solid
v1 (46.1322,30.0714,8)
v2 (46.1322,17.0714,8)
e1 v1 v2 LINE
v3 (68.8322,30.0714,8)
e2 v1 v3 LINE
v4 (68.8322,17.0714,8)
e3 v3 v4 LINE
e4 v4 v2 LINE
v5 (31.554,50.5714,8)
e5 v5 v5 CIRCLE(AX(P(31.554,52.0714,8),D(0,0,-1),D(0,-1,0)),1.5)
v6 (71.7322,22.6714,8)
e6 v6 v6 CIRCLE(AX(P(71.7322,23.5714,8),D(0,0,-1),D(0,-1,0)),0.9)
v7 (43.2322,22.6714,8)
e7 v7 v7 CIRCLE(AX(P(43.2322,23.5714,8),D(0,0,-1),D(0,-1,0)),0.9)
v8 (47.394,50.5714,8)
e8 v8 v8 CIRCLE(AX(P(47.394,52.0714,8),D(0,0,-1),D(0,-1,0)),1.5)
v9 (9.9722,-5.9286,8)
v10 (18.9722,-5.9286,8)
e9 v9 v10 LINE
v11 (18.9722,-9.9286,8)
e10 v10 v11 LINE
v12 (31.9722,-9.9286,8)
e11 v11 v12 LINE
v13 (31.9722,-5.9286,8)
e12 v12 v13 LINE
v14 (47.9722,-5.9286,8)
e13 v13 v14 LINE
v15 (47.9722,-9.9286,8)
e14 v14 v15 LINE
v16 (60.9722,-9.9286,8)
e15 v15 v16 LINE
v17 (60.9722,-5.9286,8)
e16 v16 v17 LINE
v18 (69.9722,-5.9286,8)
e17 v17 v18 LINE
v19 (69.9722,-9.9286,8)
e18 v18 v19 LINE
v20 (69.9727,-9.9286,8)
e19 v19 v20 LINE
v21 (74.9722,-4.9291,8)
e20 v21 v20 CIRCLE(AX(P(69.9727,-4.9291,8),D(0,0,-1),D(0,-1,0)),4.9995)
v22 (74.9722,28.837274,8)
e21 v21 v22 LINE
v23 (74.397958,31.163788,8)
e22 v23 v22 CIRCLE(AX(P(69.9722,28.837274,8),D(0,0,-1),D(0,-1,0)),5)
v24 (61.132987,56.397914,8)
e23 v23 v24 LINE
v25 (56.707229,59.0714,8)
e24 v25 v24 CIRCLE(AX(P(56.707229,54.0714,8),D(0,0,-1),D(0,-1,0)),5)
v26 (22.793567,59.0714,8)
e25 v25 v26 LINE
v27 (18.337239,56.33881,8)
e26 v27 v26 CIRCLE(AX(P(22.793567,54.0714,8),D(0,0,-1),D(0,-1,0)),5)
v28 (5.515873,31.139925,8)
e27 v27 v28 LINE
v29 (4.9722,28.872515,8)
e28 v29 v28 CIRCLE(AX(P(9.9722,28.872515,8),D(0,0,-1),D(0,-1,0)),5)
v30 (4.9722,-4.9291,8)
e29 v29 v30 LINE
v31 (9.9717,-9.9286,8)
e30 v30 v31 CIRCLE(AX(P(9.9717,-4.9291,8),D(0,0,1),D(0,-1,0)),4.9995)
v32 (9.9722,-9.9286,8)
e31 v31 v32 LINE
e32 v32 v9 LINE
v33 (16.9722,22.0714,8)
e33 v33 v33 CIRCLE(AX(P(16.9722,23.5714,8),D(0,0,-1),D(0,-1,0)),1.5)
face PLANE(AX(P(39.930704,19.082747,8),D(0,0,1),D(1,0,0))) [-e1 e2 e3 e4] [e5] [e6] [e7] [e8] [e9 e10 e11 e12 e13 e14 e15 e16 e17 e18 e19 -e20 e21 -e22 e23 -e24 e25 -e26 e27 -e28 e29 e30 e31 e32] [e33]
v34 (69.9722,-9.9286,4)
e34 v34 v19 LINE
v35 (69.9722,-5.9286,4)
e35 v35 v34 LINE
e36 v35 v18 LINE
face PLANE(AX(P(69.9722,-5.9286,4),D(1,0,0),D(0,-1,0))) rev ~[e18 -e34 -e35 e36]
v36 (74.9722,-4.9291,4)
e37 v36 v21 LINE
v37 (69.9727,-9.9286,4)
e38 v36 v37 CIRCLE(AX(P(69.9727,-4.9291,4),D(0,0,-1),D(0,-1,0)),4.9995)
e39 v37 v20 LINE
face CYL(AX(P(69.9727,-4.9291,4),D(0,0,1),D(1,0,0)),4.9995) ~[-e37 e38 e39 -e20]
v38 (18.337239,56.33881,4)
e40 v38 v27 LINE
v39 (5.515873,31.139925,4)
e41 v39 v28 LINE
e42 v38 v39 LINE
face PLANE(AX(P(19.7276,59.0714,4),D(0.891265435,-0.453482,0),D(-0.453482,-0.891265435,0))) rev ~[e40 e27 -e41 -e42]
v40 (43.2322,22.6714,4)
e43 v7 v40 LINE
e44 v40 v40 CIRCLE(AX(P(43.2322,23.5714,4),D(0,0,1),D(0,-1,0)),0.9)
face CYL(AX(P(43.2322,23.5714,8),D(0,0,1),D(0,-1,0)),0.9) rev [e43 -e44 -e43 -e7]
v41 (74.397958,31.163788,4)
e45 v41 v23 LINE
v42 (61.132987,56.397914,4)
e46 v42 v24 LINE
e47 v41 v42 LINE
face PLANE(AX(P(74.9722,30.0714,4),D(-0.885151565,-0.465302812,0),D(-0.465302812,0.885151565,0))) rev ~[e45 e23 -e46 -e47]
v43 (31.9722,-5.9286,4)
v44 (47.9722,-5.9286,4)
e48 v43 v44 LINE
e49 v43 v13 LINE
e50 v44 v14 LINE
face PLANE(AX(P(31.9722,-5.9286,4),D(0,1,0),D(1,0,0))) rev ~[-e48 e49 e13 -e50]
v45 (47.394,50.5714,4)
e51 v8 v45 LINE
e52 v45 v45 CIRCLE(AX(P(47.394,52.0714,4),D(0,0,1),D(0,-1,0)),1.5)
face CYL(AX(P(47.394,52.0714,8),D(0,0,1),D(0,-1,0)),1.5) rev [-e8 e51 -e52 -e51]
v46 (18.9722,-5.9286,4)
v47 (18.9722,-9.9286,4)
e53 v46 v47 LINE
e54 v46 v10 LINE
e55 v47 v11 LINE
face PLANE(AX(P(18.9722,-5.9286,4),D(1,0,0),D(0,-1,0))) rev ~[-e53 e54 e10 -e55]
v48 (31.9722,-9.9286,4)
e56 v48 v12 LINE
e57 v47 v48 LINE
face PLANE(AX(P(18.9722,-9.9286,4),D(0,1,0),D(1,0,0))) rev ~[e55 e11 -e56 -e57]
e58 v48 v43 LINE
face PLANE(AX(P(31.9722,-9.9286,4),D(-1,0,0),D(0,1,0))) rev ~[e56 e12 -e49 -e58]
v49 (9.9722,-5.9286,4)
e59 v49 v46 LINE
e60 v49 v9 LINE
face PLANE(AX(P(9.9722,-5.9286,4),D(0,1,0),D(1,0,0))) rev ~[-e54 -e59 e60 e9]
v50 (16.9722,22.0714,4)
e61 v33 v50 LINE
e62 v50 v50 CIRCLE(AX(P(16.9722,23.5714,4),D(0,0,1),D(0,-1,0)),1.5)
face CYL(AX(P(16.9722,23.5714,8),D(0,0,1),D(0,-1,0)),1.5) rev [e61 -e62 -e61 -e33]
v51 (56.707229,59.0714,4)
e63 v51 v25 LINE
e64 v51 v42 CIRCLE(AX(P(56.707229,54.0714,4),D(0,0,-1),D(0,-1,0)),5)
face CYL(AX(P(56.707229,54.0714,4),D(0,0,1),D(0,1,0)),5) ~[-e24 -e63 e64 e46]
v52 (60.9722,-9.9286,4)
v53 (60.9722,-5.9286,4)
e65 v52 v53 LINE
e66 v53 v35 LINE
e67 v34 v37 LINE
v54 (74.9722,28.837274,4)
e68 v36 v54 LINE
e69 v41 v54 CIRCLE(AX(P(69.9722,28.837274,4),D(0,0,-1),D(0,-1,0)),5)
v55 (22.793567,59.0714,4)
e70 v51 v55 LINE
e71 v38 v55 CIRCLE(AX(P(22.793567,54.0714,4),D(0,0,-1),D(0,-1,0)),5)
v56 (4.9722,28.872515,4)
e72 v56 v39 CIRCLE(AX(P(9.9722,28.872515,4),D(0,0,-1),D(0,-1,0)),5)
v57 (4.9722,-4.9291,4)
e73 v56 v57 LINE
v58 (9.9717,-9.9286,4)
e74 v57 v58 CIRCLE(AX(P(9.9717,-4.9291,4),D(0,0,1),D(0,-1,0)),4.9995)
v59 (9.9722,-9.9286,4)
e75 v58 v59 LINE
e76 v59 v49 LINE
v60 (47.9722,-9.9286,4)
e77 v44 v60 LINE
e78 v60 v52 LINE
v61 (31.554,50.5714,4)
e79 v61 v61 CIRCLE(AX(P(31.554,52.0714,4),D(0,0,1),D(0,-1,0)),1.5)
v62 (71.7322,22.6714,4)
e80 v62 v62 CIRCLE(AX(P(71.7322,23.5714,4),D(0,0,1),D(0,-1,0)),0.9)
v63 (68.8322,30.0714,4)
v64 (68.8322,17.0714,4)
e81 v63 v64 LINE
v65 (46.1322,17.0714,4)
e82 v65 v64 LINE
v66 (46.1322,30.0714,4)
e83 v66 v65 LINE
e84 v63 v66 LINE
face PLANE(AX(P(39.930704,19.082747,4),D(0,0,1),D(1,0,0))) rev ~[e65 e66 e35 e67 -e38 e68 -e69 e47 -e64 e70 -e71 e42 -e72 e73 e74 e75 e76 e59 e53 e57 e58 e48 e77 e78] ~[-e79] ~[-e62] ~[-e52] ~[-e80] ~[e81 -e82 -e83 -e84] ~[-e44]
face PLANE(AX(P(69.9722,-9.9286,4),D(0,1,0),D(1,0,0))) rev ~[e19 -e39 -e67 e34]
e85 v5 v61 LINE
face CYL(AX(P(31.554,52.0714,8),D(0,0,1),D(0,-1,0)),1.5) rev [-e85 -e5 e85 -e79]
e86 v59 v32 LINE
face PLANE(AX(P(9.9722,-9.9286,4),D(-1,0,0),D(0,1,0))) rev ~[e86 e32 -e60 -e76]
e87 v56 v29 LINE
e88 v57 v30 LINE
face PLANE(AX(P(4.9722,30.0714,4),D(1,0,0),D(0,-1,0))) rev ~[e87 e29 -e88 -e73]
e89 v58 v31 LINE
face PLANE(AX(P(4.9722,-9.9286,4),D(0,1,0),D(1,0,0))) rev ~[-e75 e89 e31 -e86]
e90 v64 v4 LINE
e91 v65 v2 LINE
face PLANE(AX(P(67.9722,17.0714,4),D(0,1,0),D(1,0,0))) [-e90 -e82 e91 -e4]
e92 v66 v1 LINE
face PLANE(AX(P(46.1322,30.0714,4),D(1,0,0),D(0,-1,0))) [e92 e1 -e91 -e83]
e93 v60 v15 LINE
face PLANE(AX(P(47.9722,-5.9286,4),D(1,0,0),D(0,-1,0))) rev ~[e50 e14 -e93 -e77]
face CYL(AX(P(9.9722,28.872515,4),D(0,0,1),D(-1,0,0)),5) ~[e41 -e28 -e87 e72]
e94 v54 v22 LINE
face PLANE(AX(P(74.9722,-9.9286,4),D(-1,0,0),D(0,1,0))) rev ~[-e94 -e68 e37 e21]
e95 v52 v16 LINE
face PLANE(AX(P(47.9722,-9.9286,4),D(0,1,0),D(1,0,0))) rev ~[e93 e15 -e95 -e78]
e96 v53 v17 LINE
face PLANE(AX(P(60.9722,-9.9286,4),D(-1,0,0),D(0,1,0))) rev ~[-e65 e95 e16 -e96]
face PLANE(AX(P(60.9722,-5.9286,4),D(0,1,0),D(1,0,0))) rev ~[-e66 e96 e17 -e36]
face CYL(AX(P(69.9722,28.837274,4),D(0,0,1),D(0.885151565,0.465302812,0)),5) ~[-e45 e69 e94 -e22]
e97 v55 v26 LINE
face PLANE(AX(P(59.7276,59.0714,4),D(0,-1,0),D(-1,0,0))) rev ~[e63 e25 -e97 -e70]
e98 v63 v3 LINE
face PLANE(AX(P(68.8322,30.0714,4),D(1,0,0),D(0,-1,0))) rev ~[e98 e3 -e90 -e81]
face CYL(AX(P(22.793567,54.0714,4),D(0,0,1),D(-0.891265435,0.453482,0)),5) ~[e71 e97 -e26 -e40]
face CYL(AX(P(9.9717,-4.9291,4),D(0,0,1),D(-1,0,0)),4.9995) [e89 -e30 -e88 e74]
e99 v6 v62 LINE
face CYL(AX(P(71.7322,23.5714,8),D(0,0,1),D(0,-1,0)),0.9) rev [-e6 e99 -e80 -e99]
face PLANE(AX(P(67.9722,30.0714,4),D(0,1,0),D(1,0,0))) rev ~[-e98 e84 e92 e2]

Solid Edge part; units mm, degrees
sketch "Sketch1" plane through (39.9722, 24.5714, 4) normal (0, 0, 1) x (1, 0, 0)
  line L0 (-35, 5.5) -> (-35, -34.5)
  line L1 (-35, -34.5) -> (-30, -34.5)
  line L2 (-30, -34.5) -> (-30, -30.5)
  line L3 (-30, -30.5) -> (-21, -30.5)
  line L4 (-21, -30.5) -> (-21, -34.5)
  line L5 (-21, -34.5) -> (-8, -34.5)
  line L6 (-8, -34.5) -> (-8, -30.5)
  line L7 (-8, -30.5) -> (8, -30.5)
  line L8 (8, -30.5) -> (8, -34.5)
  line L9 (8, -34.5) -> (21, -34.5)
  line L10 (21, -34.5) -> (21, -30.5)
  line L11 (21, -30.5) -> (30, -30.5)
  line L12 (30, -30.5) -> (30, -34.5)
  line L13 (30, -34.5) -> (35, -34.5)
  line L14 (35, -34.5) -> (35, 5.5)
  line L15 (35, 5.5) -> (19.7554, 34.5)
  line L16 (19.7554, 34.5) -> (-20.2446, 34.5)
  line L17 (-20.2446, 34.5) -> (-35, 5.5)
  line L18 (28, 5.5) -> (28.86, 5.5)
  line L19 (28.86, 5.5) -> (28.86, -7.5)
  line L20 (28, -7.5) -> (28.86, -7.5)
  line L21 (6.8, -7.5) -> (28, -7.5)
  line L22 (6.16, -7.5) -> (6.8, -7.5)
  line L23 (6.16, 5.5) -> (6.16, -7.5)
  line L24 (6.8, 5.5) -> (6.16, 5.5)
  line L25 (6.8, 5.5) -> (28, 5.5)
extrude "Protrusion1" add sketch "Sketch1" along normal blind 4
hole "Furo_18" at (43.2322, 23.5714, 8) direction (0, 0, -1) diameter 1.8 end up to next
hole "Hole1" at (71.7322, 23.5714, 8) direction (0, 0, -1) diameter 1.8 end up to next
hole "Furo_23" at (31.554, 52.0714, 8) direction (0, 0, -1) diameter 3 end up to next
hole "Hole2" at (47.394, 52.0714, 8) direction (0, 0, -1) diameter 3 end up to next
hole "Hole3" at (16.9722, 23.5714, 8) direction (0, 0, -1) diameter 3 end up to next
fillet "Redondo_6" radius 5 4 edges at (59.7276, 59.0714, 6) (74.9722, 30.0714, 6) (19.7276, 59.0714, 6) (4.9722, 30.0714, 6)
fillet "Redondo_7" radius 5 2 edges at (4.9722, -9.9286, 6) (74.9722, -9.9286, 6)
